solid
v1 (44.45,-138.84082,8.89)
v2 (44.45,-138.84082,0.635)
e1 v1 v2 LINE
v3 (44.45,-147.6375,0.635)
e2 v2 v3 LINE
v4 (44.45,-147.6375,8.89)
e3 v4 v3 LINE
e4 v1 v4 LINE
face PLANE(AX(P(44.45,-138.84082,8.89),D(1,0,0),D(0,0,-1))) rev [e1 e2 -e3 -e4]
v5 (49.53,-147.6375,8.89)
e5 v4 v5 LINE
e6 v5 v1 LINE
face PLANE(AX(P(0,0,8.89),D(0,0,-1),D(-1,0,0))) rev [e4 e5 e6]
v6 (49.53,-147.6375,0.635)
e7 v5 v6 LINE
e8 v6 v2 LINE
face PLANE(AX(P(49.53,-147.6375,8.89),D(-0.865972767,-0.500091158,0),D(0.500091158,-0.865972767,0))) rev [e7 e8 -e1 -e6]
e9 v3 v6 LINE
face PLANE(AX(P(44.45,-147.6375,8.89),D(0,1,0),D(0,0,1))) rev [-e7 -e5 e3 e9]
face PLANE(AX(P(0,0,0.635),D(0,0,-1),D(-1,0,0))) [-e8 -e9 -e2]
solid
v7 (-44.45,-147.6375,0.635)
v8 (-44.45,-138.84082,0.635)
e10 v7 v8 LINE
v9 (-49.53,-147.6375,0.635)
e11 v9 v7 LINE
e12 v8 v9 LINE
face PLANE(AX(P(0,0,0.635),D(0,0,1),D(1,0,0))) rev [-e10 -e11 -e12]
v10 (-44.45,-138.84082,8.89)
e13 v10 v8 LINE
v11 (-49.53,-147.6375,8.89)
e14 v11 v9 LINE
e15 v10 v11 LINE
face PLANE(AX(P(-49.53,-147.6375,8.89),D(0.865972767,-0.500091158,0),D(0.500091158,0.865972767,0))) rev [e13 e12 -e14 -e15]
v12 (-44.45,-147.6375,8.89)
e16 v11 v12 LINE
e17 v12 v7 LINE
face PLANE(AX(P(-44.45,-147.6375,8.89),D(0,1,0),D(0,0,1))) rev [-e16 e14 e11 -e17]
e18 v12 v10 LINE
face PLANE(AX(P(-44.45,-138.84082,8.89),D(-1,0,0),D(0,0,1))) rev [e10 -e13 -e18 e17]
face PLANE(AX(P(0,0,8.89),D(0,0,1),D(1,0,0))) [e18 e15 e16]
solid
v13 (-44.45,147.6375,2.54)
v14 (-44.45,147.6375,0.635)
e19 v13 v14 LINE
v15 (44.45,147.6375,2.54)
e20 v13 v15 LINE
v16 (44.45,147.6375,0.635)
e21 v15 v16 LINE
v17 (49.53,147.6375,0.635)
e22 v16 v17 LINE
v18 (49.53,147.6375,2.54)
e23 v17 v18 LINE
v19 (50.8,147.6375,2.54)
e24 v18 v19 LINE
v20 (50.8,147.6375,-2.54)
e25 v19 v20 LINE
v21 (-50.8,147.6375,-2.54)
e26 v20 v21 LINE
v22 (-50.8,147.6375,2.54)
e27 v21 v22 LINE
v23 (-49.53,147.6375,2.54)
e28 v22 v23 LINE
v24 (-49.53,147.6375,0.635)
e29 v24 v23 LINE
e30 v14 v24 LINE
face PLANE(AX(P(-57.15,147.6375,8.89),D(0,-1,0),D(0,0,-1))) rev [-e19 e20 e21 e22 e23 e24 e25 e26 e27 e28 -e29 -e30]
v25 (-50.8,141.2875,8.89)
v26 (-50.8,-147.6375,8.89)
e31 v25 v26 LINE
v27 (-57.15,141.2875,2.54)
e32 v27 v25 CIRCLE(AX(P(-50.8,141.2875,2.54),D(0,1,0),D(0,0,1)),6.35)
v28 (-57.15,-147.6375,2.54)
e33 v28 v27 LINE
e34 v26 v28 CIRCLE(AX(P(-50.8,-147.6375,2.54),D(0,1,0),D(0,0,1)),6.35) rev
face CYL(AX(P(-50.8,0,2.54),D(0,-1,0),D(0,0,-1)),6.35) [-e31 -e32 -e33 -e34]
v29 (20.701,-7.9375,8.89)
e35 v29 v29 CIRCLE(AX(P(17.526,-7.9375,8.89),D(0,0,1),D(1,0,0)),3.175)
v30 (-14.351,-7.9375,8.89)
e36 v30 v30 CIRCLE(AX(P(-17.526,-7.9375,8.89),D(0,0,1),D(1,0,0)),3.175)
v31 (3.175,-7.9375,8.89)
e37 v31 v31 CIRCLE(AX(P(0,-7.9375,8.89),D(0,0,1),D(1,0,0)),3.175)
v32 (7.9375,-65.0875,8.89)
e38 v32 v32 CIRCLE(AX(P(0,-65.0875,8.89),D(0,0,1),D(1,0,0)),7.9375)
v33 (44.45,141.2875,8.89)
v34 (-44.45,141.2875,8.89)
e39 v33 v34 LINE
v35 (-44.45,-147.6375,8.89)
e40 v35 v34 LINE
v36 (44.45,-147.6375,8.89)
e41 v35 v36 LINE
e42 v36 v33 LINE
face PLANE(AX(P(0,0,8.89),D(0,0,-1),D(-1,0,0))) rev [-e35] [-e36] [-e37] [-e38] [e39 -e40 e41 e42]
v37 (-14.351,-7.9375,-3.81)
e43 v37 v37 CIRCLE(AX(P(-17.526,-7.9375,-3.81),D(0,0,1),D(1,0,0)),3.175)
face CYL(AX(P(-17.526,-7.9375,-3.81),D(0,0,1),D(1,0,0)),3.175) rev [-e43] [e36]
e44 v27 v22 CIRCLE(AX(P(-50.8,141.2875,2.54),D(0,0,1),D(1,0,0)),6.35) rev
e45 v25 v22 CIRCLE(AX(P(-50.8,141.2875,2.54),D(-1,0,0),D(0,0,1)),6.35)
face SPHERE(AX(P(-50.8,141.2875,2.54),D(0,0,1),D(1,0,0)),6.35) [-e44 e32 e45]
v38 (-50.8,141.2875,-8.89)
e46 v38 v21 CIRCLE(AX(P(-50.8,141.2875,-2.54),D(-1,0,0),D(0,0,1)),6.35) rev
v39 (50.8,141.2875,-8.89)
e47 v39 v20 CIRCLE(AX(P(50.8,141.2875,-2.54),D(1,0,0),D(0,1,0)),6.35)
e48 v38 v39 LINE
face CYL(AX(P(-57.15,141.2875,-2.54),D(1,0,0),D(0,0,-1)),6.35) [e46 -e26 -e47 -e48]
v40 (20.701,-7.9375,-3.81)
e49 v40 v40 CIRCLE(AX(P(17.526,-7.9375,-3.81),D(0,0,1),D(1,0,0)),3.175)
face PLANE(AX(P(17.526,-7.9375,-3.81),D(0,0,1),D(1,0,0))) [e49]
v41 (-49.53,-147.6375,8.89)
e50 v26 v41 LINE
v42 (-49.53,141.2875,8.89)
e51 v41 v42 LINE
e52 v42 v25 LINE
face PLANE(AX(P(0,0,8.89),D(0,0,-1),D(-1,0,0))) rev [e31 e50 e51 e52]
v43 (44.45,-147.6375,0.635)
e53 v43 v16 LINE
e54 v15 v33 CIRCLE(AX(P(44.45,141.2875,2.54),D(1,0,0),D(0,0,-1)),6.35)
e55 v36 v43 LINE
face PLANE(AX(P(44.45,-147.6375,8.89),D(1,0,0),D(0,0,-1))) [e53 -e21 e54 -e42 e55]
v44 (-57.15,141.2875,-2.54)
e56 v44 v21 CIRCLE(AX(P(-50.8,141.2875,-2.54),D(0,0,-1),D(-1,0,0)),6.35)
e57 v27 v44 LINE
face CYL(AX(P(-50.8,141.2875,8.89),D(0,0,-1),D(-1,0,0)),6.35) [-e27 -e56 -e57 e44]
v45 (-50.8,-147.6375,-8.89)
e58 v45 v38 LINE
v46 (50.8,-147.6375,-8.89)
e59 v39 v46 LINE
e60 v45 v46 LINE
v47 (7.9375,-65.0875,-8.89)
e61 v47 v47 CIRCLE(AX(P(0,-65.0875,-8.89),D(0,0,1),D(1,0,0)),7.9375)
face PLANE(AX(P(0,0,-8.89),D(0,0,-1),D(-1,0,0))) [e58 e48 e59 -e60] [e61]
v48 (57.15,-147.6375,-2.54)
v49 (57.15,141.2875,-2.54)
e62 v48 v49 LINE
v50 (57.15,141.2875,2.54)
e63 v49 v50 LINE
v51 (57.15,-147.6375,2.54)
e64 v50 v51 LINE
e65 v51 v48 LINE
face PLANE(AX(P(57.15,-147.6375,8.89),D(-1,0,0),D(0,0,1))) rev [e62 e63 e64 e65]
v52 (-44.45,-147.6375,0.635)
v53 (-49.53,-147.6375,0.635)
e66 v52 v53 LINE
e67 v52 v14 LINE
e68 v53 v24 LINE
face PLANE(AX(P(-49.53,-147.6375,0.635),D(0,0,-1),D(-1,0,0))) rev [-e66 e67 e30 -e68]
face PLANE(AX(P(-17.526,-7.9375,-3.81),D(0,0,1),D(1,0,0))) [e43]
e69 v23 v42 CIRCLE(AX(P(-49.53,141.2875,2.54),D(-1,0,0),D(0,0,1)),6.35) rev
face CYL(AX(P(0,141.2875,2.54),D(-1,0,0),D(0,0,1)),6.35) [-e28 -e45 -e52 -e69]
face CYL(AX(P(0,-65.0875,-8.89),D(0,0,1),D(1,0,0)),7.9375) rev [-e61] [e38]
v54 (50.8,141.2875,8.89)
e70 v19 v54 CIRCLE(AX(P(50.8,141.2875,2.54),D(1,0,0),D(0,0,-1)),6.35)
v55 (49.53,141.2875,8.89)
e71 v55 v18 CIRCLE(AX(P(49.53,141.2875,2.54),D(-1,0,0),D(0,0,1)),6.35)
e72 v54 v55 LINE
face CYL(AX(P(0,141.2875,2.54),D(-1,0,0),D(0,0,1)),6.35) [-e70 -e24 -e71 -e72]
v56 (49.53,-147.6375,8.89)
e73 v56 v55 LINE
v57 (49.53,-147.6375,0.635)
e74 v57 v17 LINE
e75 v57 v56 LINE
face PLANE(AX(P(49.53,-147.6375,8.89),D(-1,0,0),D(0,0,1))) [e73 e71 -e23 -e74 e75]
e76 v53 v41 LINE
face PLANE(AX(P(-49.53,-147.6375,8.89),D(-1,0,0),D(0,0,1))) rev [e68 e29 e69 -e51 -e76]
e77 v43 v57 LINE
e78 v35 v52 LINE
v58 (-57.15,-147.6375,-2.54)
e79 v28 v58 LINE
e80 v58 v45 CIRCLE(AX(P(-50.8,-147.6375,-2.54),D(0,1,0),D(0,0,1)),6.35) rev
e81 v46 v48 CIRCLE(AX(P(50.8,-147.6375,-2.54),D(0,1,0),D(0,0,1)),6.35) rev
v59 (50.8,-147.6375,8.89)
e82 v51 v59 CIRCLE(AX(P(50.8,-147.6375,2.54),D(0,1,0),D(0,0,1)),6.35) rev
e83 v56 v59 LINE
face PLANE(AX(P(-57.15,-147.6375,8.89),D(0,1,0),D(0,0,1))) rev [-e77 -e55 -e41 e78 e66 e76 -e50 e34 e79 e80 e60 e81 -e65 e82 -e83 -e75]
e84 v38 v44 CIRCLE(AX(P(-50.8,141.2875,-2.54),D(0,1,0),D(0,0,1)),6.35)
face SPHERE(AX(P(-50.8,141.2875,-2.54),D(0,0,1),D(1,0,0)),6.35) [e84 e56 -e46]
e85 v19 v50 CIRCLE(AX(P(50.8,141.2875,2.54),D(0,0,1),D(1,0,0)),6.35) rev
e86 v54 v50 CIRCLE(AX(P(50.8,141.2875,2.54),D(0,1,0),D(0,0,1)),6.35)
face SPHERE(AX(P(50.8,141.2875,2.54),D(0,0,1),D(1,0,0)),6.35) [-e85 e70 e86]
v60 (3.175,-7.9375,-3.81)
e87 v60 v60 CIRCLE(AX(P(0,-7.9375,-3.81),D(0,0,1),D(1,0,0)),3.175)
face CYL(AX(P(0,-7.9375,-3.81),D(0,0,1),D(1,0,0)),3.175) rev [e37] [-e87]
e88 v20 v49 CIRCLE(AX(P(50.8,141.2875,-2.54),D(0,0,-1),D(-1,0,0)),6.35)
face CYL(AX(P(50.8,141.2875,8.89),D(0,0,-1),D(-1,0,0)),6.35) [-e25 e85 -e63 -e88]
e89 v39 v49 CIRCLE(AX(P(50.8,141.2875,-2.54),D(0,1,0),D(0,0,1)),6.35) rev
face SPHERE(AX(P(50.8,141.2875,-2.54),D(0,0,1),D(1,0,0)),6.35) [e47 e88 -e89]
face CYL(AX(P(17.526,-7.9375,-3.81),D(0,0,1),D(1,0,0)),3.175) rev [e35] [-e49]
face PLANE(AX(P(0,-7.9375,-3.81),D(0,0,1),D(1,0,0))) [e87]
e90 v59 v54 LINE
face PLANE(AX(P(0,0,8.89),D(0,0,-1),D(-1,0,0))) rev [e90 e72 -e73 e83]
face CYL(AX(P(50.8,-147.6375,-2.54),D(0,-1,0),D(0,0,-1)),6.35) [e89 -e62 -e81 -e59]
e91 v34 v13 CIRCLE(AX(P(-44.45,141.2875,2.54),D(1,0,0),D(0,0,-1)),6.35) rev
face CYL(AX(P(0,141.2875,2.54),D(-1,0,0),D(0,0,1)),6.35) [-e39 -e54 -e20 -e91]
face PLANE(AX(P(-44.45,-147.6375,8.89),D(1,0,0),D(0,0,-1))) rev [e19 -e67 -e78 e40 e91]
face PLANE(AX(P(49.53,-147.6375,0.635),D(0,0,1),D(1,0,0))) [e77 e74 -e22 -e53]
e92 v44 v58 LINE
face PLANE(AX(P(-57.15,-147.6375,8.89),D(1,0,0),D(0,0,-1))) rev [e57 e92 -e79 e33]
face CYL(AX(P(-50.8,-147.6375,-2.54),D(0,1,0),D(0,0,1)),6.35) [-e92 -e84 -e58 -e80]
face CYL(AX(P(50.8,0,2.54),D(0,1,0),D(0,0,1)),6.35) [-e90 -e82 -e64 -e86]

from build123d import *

# Parameters (mm, degrees)
SKETCH1_W             = 114.3
SKETCH1_H             = 295.275
BOSS_EXTRUDE1_DEPTH   = 8.89
SKETCH2_R             = 3.175
CUT_EXTRUDE1_DEPTH    = 12.7
SKETCH3_W             = 5.08
SKETCH3_H             = 8.255
CUT_EXTRUDE2_DEPTH    = 296.275
FILLET1_R             = 6.35
SKETCH5_R             = 7.9375
CUT_EXTRUDE4_DEPTH    = 18.78
BOSS_EXTRUDE5_DEPTH   = 8.255
BOSS_EXTRUDE5_2_DEPTH = 8.255


with BuildPart() as part:
    # Sketch1 → Boss-Extrude1 (new body, symmetric)
    with BuildSketch(Plane.XY):
        Rectangle(SKETCH1_W, SKETCH1_H)
    extrude(amount=BOSS_EXTRUDE1_DEPTH, both=True)

    # Sketch2 → Cut-Extrude1 (cut)
    with BuildSketch(Plane.XY.offset(8.89)):
        with Locations((0, -7.9375)):
            Circle(SKETCH2_R)
        with Locations((-17.526, -7.9375)):
            Circle(SKETCH2_R)
        with Locations((17.526, -7.9375)):
            Circle(SKETCH2_R)
    extrude(amount=-CUT_EXTRUDE1_DEPTH, mode=Mode.SUBTRACT)

    # Sketch3 → Cut-Extrude2 (cut, through all)
    with BuildSketch(Plane(origin=(0, 147.6375, 0), x_dir=(1, 0, 0), z_dir=(0, 1, 0))):
        with Locations((-46.99, -4.7625)):
            Rectangle(SKETCH3_W, SKETCH3_H)
    cut_extrude2 = extrude(amount=-CUT_EXTRUDE2_DEPTH, mode=Mode.SUBTRACT)

    # Mirror1: Cut-Extrude2 across plane
    add(cut_extrude2.mirror(Plane(origin=(0, 0, 0), x_dir=(0, 0, 1), z_dir=(1, 0, 0))), mode=Mode.SUBTRACT)

    # Fillet1
    fillet1_edges = [part.edges().sort_by_distance(p)[0] for p in [
        (-57.15, 0, 8.89),
        (-53.34, 147.6375, 8.89),
        (57.15, 0, 8.89),
        (0, 147.6375, 8.89),
        (-57.15, 0, -8.89),
        (0, 147.6375, -8.89),
        (57.15, 0, -8.89),
        (53.34, 147.6375, 8.89),
        (-57.15, 147.6375, 0),
        (57.15, 147.6375, 0),
    ]]
    fillet(fillet1_edges, radius=FILLET1_R)

    # Sketch5 → Cut-Extrude4 (cut, through all)
    with BuildSketch(Plane.XY.offset(8.89)):
        with Locations((0, -65.0875)):
            Circle(SKETCH5_R)
    extrude(amount=-CUT_EXTRUDE4_DEPTH, mode=Mode.SUBTRACT)


with BuildPart() as body_2:
    # Sketch6 → Boss-Extrude5 (new body)
    with BuildSketch(Plane.XY.offset(0.635)):
        Polygon((-49.53, -147.6375), (-44.45, -138.84082047), (-44.45, -147.6375), align=None)
    extrude(amount=BOSS_EXTRUDE5_DEPTH)


with BuildPart() as body_3:
    # Sketch6 → Boss-Extrude5 2 (new body)
    with BuildSketch(Plane.XY.offset(0.635)):
        Polygon((49.53, -147.6375), (44.45, -138.84082047), (44.45, -147.6375), align=None)
    extrude(amount=BOSS_EXTRUDE5_2_DEPTH)


solid = Compound([part.part, body_2.part, body_3.part])
